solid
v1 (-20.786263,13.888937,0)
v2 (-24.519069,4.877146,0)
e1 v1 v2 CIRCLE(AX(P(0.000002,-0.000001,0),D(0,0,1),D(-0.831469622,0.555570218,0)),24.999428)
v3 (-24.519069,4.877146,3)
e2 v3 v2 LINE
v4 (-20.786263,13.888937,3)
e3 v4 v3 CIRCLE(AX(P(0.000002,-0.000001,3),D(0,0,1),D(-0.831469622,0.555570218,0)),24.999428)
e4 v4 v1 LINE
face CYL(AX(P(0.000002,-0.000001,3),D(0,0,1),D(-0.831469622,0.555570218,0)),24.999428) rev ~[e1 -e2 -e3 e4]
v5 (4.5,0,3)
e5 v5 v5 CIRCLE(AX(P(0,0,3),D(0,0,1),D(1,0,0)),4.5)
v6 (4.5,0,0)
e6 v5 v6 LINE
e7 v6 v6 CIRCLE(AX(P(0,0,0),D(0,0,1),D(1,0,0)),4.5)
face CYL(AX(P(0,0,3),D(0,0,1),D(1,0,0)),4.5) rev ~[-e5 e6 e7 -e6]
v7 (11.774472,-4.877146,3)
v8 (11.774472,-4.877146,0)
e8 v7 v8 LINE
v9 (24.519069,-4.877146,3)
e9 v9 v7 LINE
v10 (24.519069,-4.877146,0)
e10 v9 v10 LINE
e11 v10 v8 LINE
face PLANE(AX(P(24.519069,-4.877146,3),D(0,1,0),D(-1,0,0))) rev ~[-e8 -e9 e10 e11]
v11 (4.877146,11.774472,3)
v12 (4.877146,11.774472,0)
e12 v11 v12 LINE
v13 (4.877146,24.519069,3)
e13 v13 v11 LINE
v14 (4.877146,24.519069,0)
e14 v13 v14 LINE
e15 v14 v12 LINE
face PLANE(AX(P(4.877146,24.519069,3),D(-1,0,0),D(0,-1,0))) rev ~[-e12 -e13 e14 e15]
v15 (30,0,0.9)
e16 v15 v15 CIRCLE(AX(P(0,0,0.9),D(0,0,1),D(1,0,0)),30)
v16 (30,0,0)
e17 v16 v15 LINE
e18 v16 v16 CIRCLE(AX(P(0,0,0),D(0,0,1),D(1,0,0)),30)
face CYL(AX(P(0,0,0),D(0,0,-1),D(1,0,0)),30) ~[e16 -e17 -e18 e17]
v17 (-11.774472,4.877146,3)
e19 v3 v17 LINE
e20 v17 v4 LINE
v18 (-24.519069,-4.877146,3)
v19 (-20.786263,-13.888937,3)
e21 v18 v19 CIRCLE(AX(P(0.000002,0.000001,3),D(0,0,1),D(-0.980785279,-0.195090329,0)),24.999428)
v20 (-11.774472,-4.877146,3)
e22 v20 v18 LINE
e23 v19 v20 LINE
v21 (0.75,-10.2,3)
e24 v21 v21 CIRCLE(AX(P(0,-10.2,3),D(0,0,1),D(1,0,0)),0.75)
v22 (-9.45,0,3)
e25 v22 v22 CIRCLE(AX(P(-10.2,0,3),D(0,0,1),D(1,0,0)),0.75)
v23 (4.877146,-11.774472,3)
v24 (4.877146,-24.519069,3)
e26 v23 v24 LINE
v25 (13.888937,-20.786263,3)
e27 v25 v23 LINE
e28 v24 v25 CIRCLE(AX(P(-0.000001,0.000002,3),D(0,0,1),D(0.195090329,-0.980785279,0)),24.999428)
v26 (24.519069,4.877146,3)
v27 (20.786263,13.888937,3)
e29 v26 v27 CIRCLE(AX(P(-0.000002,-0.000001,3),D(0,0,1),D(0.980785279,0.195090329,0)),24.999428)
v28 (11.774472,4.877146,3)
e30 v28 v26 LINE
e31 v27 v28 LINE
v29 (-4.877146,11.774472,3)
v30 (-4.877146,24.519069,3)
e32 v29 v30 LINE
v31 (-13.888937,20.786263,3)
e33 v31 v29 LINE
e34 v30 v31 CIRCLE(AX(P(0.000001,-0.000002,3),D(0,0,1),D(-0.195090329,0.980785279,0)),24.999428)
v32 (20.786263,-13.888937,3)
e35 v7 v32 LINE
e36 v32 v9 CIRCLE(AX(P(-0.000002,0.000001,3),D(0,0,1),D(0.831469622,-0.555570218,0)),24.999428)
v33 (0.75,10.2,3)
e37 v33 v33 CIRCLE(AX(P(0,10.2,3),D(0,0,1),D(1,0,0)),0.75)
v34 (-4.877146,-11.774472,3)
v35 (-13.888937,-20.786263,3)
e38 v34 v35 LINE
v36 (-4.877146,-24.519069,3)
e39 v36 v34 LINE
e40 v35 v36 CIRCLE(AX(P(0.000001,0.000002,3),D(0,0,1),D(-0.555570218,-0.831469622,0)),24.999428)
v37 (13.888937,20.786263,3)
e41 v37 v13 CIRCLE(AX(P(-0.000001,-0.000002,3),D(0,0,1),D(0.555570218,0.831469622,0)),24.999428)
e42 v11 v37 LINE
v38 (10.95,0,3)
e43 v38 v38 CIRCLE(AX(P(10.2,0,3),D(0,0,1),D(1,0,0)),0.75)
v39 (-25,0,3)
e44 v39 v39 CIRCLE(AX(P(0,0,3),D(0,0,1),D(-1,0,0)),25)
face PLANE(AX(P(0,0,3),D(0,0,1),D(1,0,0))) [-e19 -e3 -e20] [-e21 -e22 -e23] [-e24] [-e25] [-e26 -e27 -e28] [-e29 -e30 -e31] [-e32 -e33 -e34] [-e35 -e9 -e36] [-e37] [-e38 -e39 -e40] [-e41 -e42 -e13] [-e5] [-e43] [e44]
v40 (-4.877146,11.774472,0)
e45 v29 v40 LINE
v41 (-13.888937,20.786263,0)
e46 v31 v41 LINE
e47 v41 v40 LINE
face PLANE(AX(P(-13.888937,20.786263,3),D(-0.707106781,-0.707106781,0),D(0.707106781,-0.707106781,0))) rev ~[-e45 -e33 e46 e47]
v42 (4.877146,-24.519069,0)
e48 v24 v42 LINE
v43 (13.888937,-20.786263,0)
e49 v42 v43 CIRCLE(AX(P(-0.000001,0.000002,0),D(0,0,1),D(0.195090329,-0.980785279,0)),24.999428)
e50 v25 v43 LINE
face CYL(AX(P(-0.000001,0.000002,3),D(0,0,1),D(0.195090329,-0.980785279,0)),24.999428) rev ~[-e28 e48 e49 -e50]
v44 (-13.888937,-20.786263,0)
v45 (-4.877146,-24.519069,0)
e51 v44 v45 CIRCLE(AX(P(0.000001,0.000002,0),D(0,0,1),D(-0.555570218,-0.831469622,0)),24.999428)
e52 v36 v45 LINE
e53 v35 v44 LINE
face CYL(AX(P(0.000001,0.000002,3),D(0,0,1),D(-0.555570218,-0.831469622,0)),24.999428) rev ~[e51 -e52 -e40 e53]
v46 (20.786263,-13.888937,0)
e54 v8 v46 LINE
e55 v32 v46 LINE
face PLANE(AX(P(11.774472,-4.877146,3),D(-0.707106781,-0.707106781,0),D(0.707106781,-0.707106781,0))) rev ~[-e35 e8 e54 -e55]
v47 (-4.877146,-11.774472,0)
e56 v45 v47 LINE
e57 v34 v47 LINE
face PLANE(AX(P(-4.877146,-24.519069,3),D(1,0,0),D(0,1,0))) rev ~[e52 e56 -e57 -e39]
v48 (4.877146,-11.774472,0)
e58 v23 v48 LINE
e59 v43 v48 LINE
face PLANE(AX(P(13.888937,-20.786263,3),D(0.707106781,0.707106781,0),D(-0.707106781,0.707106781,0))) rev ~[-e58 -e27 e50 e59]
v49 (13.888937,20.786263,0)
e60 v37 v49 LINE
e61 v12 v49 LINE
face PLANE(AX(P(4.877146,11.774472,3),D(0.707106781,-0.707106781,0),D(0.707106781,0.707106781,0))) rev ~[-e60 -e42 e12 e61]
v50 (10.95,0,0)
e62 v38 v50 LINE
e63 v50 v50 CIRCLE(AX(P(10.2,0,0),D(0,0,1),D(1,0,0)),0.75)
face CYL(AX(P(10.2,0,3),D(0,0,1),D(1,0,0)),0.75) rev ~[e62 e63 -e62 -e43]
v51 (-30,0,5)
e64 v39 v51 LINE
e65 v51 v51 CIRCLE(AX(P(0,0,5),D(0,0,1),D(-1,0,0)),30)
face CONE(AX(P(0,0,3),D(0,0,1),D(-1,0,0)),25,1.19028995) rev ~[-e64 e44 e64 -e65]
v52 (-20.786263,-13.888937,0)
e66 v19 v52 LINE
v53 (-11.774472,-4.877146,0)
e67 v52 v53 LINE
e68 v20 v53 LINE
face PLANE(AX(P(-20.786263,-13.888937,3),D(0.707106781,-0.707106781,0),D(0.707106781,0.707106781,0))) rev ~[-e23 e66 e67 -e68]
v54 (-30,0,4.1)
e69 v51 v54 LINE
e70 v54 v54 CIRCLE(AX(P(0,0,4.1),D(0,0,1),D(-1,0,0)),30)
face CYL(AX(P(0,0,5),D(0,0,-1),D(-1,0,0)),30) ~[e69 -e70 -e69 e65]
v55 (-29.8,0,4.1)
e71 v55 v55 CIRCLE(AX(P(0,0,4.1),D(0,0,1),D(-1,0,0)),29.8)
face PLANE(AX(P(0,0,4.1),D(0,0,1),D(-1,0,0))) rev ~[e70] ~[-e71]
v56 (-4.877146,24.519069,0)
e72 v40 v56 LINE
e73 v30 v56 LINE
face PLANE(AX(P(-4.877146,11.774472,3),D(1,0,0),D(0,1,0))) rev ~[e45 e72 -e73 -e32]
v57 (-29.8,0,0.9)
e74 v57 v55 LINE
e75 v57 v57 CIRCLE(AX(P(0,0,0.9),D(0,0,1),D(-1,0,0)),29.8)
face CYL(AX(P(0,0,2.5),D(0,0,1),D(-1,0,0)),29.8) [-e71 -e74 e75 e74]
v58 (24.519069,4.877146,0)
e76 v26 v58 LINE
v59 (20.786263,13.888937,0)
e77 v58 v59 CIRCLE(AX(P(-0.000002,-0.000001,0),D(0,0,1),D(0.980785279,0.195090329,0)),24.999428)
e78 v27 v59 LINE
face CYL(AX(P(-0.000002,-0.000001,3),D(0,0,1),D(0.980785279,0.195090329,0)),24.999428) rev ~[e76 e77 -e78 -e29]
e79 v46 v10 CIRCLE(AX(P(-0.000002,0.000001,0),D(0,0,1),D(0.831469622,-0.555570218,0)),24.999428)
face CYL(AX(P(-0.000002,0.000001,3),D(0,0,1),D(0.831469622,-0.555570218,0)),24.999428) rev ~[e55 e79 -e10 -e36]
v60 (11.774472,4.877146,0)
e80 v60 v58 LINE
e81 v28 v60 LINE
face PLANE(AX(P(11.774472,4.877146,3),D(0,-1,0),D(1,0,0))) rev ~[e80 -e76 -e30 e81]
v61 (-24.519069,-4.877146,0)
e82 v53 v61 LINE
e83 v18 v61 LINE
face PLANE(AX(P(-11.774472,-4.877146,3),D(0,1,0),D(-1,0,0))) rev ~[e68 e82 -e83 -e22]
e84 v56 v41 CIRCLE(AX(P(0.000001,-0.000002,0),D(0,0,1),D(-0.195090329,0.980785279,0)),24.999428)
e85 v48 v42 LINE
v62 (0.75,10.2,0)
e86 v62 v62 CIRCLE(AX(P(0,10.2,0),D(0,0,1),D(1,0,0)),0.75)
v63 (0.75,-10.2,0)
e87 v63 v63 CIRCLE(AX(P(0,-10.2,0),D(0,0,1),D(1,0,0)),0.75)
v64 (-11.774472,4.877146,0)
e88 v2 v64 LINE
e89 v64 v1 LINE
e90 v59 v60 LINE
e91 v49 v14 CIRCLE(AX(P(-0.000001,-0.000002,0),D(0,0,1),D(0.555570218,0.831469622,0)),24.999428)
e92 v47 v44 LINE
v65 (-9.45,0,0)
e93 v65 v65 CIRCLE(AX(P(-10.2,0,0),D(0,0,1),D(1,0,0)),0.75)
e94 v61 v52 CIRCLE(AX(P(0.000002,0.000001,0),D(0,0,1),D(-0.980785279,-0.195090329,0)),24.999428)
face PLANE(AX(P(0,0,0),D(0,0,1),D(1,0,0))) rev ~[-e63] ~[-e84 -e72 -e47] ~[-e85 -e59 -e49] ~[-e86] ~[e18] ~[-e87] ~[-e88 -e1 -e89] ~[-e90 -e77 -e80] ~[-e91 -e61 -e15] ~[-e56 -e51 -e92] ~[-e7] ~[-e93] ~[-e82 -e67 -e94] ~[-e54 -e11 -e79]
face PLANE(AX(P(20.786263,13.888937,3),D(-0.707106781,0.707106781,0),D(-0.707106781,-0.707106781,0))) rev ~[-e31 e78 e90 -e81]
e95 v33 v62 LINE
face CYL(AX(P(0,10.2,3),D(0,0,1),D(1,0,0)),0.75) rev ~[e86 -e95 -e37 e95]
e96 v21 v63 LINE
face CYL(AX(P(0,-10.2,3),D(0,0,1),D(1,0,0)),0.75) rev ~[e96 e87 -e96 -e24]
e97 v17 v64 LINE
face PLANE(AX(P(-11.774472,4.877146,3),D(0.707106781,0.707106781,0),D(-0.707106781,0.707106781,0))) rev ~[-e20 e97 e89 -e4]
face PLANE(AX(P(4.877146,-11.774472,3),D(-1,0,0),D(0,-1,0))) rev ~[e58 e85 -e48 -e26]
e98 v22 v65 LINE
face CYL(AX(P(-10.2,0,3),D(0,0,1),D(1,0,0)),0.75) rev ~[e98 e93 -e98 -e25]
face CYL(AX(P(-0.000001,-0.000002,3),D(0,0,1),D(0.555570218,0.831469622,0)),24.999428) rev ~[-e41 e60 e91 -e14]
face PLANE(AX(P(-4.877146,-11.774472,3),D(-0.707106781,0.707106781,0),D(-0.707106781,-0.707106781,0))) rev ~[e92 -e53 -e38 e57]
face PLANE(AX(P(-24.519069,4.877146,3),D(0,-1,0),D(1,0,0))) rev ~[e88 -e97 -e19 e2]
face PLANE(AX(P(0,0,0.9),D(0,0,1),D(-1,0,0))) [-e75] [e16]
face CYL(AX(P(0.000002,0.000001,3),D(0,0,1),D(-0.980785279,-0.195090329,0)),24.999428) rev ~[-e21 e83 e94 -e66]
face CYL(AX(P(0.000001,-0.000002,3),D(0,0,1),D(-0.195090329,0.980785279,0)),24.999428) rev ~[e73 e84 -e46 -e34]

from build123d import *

# Parameters (mm, degrees)
F0_R     = 30
F1_DEPTH = 3
F2_R     = 4.5
F2_R_2   = 0.75
F3_DEPTH = 25
F6_W     = 0.2
F6_H     = 3.2


with BuildPart() as f1:
    # F0 (on Top) → F1 (new body)
    with BuildSketch(Plane.XY):
        Circle(F0_R)
    extrude(amount=F1_DEPTH)

    # F2 (on face) → F3 (cut)
    with BuildSketch(Plane.XY.offset(3)):
        Circle(F2_R)
        with Locations((-10.2, 0)):
            Circle(F2_R_2)
        with Locations((10.2, 0)):
            Circle(F2_R_2)
        with Locations((0, 10.2)):
            Circle(F2_R_2)
        with Locations((0, -10.2)):
            Circle(F2_R_2)
        with BuildLine():
            Line((-4.877146, 11.774472), (-4.877146, 24.519069))
            ThreePointArc((-4.877146, 24.519069), (-9.566866, 23.096458), (-13.888937, 20.786263))
            Line((-13.888937, 20.786263), (-4.877146, 11.774472))
        make_face()
        with BuildLine():
            ThreePointArc((13.888937, 20.786263), (9.566866, 23.096458), (4.877146, 24.519069))
            Line((4.877146, 24.519069), (4.877146, 11.774472))
            Line((4.877146, 11.774472), (13.888937, 20.786263))
        make_face()
        with BuildLine():
            ThreePointArc((-20.786263, 13.888937), (-23.096458, 9.566866), (-24.519069, 4.877146))
            Line((-24.519069, 4.877146), (-11.774472, 4.877146))
            Line((-11.774472, 4.877146), (-20.786263, 13.888937))
        make_face()
        with BuildLine():
            Line((-11.774472, -4.877146), (-24.519069, -4.877146))
            ThreePointArc((-24.519069, -4.877146), (-23.096458, -9.566866), (-20.786263, -13.888937))
            Line((-20.786263, -13.888937), (-11.774472, -4.877146))
        make_face()
        with BuildLine():
            Line((-4.877146, -11.774472), (-13.888937, -20.786263))
            ThreePointArc((-13.888937, -20.786263), (-9.566866, -23.096458), (-4.877146, -24.519069))
            Line((-4.877146, -24.519069), (-4.877146, -11.774472))
        make_face()
        with BuildLine():
            Line((4.877146, -11.774472), (4.877146, -24.519069))
            ThreePointArc((4.877146, -24.519069), (9.566866, -23.096458), (13.888937, -20.786263))
            Line((13.888937, -20.786263), (4.877146, -11.774472))
        make_face()
        with BuildLine():
            Line((11.774472, -4.877146), (20.786263, -13.888937))
            ThreePointArc((20.786263, -13.888937), (23.096458, -9.566866), (24.519069, -4.877146))
            Line((24.519069, -4.877146), (11.774472, -4.877146))
        make_face()
        with BuildLine():
            Line((11.774472, 4.877146), (24.519069, 4.877146))
            ThreePointArc((24.519069, 4.877146), (23.096458, 9.566866), (20.786263, 13.888937))
            Line((20.786263, 13.888937), (11.774472, 4.877146))
        make_face()
    extrude(amount=-F3_DEPTH, mode=Mode.SUBTRACT)

    # F4 (on Front) → F5 (revolve)
    with BuildSketch(Plane.XZ):
        Polygon((-30, 5), (-30, 3), (-25, 3), align=None)
    revolve(axis=Axis((0, 0, 3), (0, 0, 1)))

    # F6 (on Front) → F7 (revolve, cut)
    with BuildSketch(Plane.XZ):
        with Locations((-29.9, 2.5)):
            Rectangle(F6_W, F6_H)
    revolve(axis=Axis((0, 0, 5), (0, 0, 1)), mode=Mode.SUBTRACT)


solid = f1.part
